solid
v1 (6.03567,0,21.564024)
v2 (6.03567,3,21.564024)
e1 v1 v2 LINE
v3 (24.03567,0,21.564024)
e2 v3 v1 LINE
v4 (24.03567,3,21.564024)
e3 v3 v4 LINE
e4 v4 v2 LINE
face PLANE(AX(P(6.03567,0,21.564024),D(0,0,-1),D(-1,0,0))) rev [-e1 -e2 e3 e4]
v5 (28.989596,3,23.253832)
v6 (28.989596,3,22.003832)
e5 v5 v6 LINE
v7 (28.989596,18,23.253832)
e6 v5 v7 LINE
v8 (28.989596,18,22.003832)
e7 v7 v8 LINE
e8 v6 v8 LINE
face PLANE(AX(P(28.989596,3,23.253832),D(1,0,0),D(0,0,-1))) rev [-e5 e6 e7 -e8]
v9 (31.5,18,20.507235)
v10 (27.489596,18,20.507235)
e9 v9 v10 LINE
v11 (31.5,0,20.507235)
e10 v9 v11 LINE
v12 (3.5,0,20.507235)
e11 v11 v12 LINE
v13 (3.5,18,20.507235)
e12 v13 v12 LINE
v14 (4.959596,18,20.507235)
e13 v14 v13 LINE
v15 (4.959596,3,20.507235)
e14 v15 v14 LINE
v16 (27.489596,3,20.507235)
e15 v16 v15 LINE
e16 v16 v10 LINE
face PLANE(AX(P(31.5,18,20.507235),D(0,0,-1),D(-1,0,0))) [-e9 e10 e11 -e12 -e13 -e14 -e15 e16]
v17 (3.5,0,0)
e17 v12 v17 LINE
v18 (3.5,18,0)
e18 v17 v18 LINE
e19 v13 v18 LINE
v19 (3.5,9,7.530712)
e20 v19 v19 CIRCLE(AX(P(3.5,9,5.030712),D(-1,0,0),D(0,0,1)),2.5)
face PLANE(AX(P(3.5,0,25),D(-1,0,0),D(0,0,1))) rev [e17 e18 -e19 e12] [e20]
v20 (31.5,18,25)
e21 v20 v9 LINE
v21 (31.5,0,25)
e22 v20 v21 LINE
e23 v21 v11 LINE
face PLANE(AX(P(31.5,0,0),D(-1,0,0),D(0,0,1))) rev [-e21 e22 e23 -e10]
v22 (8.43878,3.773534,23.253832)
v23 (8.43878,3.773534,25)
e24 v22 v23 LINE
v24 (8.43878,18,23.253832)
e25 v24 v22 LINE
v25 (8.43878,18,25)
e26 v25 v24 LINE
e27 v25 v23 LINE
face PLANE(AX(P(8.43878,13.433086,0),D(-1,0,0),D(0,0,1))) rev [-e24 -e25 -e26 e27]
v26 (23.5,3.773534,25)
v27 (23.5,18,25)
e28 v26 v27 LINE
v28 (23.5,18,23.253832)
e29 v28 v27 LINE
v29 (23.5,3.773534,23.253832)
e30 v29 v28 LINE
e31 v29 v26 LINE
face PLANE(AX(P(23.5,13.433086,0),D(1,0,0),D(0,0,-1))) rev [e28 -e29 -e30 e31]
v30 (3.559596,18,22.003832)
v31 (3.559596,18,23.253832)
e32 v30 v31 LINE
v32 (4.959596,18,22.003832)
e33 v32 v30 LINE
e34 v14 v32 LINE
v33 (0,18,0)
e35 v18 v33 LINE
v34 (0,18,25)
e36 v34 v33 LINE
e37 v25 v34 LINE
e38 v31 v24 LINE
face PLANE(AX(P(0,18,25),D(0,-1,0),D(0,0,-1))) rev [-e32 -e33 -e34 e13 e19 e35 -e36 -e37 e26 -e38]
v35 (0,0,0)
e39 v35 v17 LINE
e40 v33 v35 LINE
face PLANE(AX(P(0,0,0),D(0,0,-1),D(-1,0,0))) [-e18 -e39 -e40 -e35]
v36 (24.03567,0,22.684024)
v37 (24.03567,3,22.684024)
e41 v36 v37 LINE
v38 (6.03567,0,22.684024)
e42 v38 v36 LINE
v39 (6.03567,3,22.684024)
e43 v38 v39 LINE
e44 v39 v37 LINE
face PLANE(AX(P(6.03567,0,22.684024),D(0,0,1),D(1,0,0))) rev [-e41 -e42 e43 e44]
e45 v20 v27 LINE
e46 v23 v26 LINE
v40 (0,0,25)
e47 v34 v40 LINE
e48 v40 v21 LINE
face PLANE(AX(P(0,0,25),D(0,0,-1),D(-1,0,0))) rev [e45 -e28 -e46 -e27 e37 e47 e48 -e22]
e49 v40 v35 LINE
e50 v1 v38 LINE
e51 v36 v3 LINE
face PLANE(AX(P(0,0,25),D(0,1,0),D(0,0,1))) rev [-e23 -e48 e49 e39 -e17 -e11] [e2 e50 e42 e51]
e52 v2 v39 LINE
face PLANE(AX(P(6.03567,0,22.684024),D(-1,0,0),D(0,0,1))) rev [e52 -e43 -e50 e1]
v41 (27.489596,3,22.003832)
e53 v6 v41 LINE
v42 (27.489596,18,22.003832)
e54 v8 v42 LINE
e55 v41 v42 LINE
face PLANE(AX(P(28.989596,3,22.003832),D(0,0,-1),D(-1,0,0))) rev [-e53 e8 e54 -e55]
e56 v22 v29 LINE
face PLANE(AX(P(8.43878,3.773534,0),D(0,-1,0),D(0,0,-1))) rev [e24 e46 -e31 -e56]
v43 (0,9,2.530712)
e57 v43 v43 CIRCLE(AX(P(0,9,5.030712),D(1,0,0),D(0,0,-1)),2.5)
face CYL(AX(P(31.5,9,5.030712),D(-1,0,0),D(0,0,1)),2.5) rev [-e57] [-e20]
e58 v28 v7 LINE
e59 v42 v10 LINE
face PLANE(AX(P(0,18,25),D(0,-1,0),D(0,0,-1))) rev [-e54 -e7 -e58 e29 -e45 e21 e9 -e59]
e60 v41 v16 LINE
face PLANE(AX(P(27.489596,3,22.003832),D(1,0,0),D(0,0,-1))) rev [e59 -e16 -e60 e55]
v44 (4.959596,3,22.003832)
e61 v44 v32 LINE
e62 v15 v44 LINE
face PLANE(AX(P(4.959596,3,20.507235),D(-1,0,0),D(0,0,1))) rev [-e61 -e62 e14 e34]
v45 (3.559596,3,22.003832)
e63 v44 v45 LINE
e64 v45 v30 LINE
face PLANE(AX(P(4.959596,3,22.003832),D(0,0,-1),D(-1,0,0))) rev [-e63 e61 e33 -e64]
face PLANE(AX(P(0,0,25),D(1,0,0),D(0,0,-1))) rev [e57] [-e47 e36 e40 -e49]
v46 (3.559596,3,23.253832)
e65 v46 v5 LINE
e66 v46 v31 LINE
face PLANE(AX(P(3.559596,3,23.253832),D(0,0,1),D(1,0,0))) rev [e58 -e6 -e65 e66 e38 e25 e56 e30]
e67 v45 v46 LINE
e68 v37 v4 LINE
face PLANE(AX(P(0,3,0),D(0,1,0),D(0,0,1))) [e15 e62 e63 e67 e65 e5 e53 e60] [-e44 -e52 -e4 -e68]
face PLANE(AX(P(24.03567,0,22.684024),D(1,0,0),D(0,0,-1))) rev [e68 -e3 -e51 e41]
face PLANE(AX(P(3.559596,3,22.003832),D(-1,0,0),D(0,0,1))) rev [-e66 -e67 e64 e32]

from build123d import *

# Parameters (mm, degrees)
SKETCH_2_W               = 3.5
SKETCH_2_H               = 18
EXTRUDE_1_DEPTH          = 25
SKETCH_3_W               = 4.492765479
SKETCH_3_H               = 18
EXTRUDE_2_DEPTH          = 28
CUT_EXTRUDE_1_DEPTH      = 15
SKETCH_5_W               = 18
SKETCH_5_H               = 1.12
CUT_EXTRUDE_2_DEPTH      = 4
SKETCH_6_W               = 15.061219586
SKETCH_6_H               = 9.659551438
CUT_EXTRUDE_3_DEPTH      = 26
SKETCH_7_R               = 2.5
CUT_EXTRUDE_4_DEPTH      = 1
CUT_EXTRUDE_4_DEPTH_BACK = 32.5
SKETCH_8_W               = 15.061219586
SKETCH_8_H               = 1.746167636
CUT_EXTRUDE_5_DEPTH      = 5.566914265


with BuildPart() as part:
    # Эскиз2 → Бобышка-Вытянуть1 (new body)
    with BuildSketch(Plane.XY):
        with Locations((1.75, 9)):
            Rectangle(SKETCH_2_W, SKETCH_2_H)
    extrude(amount=EXTRUDE_1_DEPTH)

    # Эскиз3 → Бобышка-Вытянуть2 (add)
    with BuildSketch(Plane(origin=(3.5, 0, 0), x_dir=(0, 0, -1), z_dir=(1, 0, 0))):
        with Locations((-22.753617261, 9)):
            Rectangle(SKETCH_3_W, SKETCH_3_H)
    extrude(amount=EXTRUDE_2_DEPTH)

    # Эскиз4 → Вырез-Вытянуть1 (cut)
    with BuildSketch(Plane(origin=(0, 18, 0), x_dir=(1, 0, 0), z_dir=(0, 1, 0))):
        Polygon((4.95959575, -20.507234521), (4.95959575, -22.003832364), (3.55959575, -22.003832364), (3.55959575, -23.253832364), (28.98959575, -23.253832364), (28.98959575, -22.003832364), (27.48959575, -22.003832364), (27.48959575, -20.507234521), align=None)
    extrude(amount=-CUT_EXTRUDE_1_DEPTH, mode=Mode.SUBTRACT)

    # Эскиз5 → Вырез-Вытянуть2 (cut, through all)
    with BuildSketch(Plane(origin=(0, 3, 0), x_dir=(1, 0, 0), z_dir=(0, 1, 0))):
        with Locations((15.035669989, -22.124024477)):
            Rectangle(SKETCH_5_W, SKETCH_5_H)
    extrude(amount=-CUT_EXTRUDE_2_DEPTH, mode=Mode.SUBTRACT)

    # Эскиз6 → Вырез-Вытянуть3 (cut, through all)
    with BuildSketch(Plane.XY.offset(25)):
        with Locations((15.969390207, 8.603310016)):
            Rectangle(SKETCH_6_W, SKETCH_6_H)
    extrude(amount=-CUT_EXTRUDE_3_DEPTH, mode=Mode.SUBTRACT)

    # Эскиз7 → Вырез-Вытянуть4 (cut, two sides)
    with BuildSketch(Plane.ZY) as cut_extrude_4_sk:
        with Locations((5.030711772, 9)):
            Circle(SKETCH_7_R)
    extrude(amount=CUT_EXTRUDE_4_DEPTH, mode=Mode.SUBTRACT)
    extrude(cut_extrude_4_sk.sketch, amount=-CUT_EXTRUDE_4_DEPTH_BACK, mode=Mode.SUBTRACT)

    # Эскиз8 → Вырез-Вытянуть5 (cut, through all)
    with BuildSketch(Plane.XZ.offset(-13.433085735)):
        with Locations((15.969390207, 24.126916182)):
            Rectangle(SKETCH_8_W, SKETCH_8_H)
    extrude(amount=-CUT_EXTRUDE_5_DEPTH, mode=Mode.SUBTRACT)


solid = part.part
